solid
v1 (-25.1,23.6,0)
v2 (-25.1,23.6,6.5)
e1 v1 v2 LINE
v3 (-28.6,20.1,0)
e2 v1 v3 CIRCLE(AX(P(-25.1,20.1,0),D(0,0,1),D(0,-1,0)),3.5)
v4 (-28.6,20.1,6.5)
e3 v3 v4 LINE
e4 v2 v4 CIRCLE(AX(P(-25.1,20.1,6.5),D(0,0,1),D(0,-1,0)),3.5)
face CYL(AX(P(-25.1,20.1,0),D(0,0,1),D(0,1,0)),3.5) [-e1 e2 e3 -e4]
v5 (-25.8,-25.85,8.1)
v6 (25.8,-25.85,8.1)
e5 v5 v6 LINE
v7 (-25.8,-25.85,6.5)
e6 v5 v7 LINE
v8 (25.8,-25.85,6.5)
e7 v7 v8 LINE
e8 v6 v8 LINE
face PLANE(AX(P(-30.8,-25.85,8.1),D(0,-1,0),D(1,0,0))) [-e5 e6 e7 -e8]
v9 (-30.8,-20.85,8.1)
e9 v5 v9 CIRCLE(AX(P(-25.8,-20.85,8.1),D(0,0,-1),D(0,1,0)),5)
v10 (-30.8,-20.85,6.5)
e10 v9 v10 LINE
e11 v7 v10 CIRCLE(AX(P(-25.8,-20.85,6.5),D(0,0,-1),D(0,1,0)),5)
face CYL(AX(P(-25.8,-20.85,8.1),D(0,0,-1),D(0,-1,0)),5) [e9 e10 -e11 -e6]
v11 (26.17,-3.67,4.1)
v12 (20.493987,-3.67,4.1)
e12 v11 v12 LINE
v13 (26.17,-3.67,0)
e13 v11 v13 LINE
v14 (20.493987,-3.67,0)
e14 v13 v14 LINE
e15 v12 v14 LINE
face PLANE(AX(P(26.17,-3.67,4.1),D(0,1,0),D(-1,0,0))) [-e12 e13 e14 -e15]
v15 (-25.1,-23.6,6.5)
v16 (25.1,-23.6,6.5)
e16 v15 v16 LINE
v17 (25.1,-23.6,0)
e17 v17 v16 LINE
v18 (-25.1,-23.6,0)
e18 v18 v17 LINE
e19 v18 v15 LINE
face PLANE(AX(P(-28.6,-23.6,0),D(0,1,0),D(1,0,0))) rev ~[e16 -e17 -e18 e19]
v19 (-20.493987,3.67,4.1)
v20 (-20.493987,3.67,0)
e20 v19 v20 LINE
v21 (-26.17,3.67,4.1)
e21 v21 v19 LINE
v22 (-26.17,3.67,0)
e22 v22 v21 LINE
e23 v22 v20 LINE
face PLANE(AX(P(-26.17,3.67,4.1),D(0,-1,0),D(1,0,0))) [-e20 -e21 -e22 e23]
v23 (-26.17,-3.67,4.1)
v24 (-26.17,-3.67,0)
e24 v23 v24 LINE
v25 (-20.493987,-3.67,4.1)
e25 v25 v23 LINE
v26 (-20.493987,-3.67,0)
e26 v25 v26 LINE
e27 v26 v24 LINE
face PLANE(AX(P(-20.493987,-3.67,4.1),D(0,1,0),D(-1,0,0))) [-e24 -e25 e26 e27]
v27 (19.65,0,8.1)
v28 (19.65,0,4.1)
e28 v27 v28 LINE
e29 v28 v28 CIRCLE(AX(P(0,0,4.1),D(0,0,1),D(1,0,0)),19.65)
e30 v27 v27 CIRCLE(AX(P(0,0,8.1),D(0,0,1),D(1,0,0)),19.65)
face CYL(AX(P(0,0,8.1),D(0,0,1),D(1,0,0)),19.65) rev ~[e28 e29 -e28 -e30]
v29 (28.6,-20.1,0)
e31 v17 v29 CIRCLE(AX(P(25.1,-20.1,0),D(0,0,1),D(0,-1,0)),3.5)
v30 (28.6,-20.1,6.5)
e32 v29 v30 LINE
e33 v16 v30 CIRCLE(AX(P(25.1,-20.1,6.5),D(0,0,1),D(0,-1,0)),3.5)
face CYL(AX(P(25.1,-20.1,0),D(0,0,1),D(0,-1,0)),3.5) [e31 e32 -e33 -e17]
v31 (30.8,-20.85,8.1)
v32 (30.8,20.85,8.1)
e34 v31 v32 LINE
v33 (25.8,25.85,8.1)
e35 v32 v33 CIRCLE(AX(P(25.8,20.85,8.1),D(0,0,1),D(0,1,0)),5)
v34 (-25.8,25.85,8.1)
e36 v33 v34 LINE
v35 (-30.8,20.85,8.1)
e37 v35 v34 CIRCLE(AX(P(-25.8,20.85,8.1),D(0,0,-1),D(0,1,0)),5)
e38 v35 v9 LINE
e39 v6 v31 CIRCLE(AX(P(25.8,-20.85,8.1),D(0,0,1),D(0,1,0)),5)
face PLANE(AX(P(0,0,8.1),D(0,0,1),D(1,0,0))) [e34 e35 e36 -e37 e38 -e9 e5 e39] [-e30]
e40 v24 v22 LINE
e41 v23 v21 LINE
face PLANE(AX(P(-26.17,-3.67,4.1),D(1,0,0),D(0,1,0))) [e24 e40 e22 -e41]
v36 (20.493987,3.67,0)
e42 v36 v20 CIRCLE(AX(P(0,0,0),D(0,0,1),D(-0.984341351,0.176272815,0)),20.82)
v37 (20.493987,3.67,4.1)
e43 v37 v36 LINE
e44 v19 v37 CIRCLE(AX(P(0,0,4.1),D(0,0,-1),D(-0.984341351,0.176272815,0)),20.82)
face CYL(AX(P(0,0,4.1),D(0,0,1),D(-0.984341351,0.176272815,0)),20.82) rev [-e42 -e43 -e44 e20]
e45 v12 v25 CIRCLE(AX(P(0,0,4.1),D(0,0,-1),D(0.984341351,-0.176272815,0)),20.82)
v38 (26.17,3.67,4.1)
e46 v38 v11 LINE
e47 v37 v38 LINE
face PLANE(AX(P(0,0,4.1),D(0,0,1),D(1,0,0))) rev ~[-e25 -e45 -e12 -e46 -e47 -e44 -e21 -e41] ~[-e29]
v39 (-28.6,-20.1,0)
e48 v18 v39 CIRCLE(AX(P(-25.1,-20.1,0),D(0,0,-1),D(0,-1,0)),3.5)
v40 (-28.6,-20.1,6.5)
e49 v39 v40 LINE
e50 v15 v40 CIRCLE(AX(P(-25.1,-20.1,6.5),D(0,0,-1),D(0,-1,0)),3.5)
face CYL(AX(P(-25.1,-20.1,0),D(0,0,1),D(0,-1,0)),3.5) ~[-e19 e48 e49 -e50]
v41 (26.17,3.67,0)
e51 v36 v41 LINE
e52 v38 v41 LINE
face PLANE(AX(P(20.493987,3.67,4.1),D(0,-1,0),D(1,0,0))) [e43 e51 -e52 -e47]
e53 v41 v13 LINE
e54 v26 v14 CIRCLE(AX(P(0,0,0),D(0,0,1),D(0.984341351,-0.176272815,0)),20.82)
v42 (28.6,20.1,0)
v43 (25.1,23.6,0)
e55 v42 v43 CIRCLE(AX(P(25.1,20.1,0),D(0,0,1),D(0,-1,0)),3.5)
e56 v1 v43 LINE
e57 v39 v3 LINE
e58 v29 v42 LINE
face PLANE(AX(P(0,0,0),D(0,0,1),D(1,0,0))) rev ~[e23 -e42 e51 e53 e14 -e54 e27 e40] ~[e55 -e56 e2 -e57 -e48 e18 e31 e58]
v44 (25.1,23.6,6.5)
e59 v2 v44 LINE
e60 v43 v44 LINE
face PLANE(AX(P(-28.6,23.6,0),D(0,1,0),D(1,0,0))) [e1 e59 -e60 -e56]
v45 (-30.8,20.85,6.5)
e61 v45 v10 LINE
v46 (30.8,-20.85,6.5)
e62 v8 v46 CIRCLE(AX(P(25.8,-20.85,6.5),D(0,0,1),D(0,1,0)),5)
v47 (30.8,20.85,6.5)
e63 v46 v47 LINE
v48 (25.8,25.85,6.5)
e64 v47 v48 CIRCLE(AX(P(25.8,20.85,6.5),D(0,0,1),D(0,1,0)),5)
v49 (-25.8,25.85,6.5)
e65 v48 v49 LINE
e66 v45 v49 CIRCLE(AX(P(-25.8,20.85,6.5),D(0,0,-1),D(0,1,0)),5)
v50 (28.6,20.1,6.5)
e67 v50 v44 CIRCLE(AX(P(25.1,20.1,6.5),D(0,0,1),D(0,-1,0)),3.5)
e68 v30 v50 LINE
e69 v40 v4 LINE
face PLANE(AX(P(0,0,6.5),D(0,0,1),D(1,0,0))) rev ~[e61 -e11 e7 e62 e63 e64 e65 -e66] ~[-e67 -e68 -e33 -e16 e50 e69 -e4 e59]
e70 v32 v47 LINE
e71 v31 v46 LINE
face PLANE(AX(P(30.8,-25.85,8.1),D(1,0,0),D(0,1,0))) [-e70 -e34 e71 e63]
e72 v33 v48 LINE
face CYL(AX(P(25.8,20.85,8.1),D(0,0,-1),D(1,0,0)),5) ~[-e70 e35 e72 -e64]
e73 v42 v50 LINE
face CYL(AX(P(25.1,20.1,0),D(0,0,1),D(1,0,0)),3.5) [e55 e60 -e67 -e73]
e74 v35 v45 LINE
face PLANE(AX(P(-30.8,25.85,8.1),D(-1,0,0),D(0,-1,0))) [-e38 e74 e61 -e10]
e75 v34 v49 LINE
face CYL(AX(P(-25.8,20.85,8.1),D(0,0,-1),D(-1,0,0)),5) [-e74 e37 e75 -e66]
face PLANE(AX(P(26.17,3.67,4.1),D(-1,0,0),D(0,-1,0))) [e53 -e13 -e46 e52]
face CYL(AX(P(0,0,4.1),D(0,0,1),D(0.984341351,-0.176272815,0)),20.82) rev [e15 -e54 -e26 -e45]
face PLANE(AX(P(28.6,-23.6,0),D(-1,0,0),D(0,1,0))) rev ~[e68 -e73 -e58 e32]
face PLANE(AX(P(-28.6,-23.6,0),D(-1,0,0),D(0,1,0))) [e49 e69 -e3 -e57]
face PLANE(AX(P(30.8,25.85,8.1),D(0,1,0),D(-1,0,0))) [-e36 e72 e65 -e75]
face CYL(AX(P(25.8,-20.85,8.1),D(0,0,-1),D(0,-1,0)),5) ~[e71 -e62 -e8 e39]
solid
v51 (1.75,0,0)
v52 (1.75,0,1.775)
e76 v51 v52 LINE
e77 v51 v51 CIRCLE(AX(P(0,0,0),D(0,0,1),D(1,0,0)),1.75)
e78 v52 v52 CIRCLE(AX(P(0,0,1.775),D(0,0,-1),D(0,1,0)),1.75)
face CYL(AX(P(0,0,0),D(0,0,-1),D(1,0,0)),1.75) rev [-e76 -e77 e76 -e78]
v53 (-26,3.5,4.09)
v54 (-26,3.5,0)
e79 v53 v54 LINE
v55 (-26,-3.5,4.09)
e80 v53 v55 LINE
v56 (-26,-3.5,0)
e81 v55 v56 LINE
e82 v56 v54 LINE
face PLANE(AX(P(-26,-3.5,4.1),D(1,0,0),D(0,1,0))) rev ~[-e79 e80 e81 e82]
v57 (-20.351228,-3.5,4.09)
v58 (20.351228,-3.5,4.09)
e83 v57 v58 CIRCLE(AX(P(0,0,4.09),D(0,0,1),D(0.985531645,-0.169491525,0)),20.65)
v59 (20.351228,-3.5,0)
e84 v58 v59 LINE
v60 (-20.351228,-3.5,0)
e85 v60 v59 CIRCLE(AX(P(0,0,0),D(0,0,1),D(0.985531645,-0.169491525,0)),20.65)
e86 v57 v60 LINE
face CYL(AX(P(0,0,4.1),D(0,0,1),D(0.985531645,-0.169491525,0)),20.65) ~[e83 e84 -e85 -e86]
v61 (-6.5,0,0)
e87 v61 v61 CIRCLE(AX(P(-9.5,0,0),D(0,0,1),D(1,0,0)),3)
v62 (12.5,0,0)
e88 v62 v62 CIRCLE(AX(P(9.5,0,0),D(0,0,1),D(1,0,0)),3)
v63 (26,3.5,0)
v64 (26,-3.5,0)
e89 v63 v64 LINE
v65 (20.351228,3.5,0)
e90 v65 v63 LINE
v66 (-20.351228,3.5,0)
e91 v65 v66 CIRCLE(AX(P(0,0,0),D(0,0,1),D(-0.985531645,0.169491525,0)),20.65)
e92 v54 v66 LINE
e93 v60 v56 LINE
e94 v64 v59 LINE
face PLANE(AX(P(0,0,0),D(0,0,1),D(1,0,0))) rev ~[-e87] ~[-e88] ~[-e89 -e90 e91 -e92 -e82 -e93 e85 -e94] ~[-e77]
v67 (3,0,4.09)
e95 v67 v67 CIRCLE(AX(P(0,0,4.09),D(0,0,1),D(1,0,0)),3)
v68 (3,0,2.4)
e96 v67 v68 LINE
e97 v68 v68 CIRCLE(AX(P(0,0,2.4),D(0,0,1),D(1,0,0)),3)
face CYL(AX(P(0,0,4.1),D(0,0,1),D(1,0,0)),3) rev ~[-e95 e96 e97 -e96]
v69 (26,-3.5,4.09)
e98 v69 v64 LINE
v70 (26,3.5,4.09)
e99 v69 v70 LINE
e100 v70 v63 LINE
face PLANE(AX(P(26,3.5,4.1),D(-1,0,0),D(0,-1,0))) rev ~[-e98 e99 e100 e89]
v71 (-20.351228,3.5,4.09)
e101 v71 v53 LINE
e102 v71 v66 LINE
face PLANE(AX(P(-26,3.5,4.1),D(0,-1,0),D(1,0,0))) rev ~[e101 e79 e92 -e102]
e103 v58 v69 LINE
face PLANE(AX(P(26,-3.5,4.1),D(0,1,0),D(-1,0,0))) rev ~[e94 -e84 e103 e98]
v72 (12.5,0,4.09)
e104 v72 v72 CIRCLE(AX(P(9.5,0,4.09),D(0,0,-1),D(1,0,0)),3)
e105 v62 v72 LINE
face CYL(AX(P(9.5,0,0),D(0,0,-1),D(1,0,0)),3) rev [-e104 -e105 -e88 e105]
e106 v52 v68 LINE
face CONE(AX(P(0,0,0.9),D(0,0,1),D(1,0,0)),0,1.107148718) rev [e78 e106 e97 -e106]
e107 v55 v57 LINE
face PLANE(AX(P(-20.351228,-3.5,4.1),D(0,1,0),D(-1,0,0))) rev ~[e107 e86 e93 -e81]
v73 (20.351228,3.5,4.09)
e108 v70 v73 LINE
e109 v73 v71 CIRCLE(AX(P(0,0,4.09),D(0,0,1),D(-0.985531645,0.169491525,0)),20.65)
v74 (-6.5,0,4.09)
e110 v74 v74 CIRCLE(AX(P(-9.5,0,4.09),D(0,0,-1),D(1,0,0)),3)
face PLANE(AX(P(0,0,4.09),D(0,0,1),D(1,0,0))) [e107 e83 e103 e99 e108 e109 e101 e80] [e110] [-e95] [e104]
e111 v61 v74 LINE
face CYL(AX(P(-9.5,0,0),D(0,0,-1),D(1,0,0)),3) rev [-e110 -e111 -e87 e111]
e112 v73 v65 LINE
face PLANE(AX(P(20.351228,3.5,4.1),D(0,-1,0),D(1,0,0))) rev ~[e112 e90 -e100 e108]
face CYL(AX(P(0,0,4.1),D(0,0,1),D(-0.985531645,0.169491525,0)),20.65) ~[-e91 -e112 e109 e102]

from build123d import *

# Parameters (mm, degrees)
SKETCH1_W           = 57.2
SKETCH1_H           = 47.2
SKETCH1_R           = 1.75
SKETCH1_R_2         = 3
BOSS_EXTRUDE1_DEPTH = 8.1
SKETCH2_R           = 19.65
CUT_EXTRUDE1_DEPTH  = 4
SKETCH3_R           = 3
CUT_EXTRUDE2_DEPTH  = 1.7
SKETCH5_W           = 57.2
SKETCH5_H           = 47.2
BOSS_EXTRUDE2_DEPTH = 1.6
FILLET1_R           = 3.5
FILLET2_R           = 5
CUT_EXTRUDE7_DEPTH  = 41.418714725
CUT_EXTRUDE8_DEPTH  = 0.01


with BuildPart() as part:
    # Sketch1 → Boss-Extrude1 (new body)
    with BuildSketch(Plane.XY):
        Rectangle(SKETCH1_W, SKETCH1_H)
        Circle(SKETCH1_R, mode=Mode.SUBTRACT)
        with Locations((-9.5, 0)):
            Circle(SKETCH1_R_2, mode=Mode.SUBTRACT)
        with Locations((9.5, 0)):
            Circle(SKETCH1_R_2, mode=Mode.SUBTRACT)
    extrude(amount=BOSS_EXTRUDE1_DEPTH)

    # Sketch2 → Cut-Extrude1 (cut)
    with BuildSketch(Plane.XY.offset(8.1)):
        Circle(SKETCH2_R)
    extrude(amount=-CUT_EXTRUDE1_DEPTH, mode=Mode.SUBTRACT)

    # Sketch3 → Cut-Extrude2 (cut)
    with BuildSketch(Plane.XY.offset(4.1)):
        Circle(SKETCH3_R)
    extrude(amount=-CUT_EXTRUDE2_DEPTH, mode=Mode.SUBTRACT)

    # Sketch4 → Cut-Revolve1 (revolve, cut)
    with BuildSketch(Plane(origin=(0, 0, 0), x_dir=(1, 0, 0), z_dir=(0, 1, 0))):
        Polygon((0, -2.4), (0, -0.9), (3, -2.4), align=None)
    revolve(axis=Axis((0, 0, 2.4), (0, 0, -1)), mode=Mode.SUBTRACT)

    # Sketch5 → Boss-Extrude2 (add)
    with BuildSketch(Plane.XY.offset(8.1)):
        Polygon((-30.8, 0), (-30.8, -25.85), (30.8, -25.85), (30.8, 25.85), (-30.8, 25.85), align=None)
        Rectangle(SKETCH5_W, SKETCH5_H, mode=Mode.SUBTRACT)
    extrude(amount=-BOSS_EXTRUDE2_DEPTH)

    # Fillet1
    fillet1_edges = [part.edges().sort_by_distance(p)[0] for p in [
        (28.6, -23.6, 3.25),
        (-28.6, -23.6, 3.25),
        (-28.6, 23.6, 3.25),
        (28.6, 23.6, 3.25),
    ]]
    fillet(fillet1_edges, radius=FILLET1_R)

    # Fillet2
    fillet2_edges = [part.edges().sort_by_distance(p)[0] for p in [
        (-30.8, 25.85, 7.3),
        (30.8, 25.85, 7.3),
        (30.8, -25.85, 7.3),
        (-30.8, -25.85, 7.3),
    ]]
    fillet(fillet2_edges, radius=FILLET2_R)

    # Sketch9 → Cut-Extrude7 (cut, through all)
    with BuildSketch(Plane.XY.offset(4.1)):
        with BuildLine():
            Line((-26.17, 3.67), (-20.493986923, 3.67))
            ThreePointArc((-20.493986923, 3.67), (0, 20.82), (20.493986923, 3.67))
            Line((20.493986923, 3.67), (26.17, 3.67))
            Line((26.17, 3.67), (26.17, -3.67))
            Line((26.17, -3.67), (20.493986923, -3.67))
            ThreePointArc((20.493986923, -3.67), (0, -20.82), (-20.493986923, -3.67))
            Line((-20.493986923, -3.67), (-26.17, -3.67))
            Line((-26.17, -3.67), (-26.17, 3.67))
        make_face()
        with BuildLine():
            Line((-26, 3.5), (-20.351228464, 3.5))
            ThreePointArc((-20.351228464, 3.5), (0, 20.65), (20.351228464, 3.5))
            Line((20.351228464, 3.5), (26, 3.5))
            Line((26, 3.5), (26, -3.5))
            Line((26, -3.5), (20.351228464, -3.5))
            ThreePointArc((20.351228464, -3.5), (0, -20.65), (-20.351228464, -3.5))
            Line((-20.351228464, -3.5), (-26, -3.5))
            Line((-26, -3.5), (-26, 3.5))
        make_face(mode=Mode.SUBTRACT)
    extrude(amount=-CUT_EXTRUDE7_DEPTH, mode=Mode.SUBTRACT)

    # Sketch11 → Cut-Extrude8 (cut)
    with BuildSketch(Plane.XY.offset(4.1)):
        with BuildLine():
            Line((20.493986923, -3.67), (26.17, -3.67))
            Line((26.17, -3.67), (26.17, 3.67))
            Line((26.17, 3.67), (20.493986923, 3.67))
            ThreePointArc((20.493986923, 3.67), (0, 20.82), (-20.493986923, 3.67))
            Line((-20.493986923, 3.67), (-26.17, 3.67))
            Line((-26.17, 3.67), (-26.17, -3.67))
            Line((-26.17, -3.67), (-20.493986923, -3.67))
            ThreePointArc((-20.493986923, -3.67), (0, -20.82), (20.493986923, -3.67))
        make_face()
    extrude(amount=-CUT_EXTRUDE8_DEPTH, mode=Mode.SUBTRACT)


with BuildPart() as cut_extrude8_piece_1:
    # of the separate pieces the step leaves, piece 1, a body of its own (cut_extrude8_pieces)
    add(part.part.solids().sort_by_distance((-25.8, -25.85, 6.5))[0])


with BuildPart() as cut_extrude8_piece_2:
    # of the separate pieces the step leaves, piece 2, a body of its own (cut_extrude8_pieces)
    add(part.part.solids().sort_by_distance((-6.5, 0, 0))[0])


solid = Compound([cut_extrude8_piece_1.part, cut_extrude8_piece_2.part])
